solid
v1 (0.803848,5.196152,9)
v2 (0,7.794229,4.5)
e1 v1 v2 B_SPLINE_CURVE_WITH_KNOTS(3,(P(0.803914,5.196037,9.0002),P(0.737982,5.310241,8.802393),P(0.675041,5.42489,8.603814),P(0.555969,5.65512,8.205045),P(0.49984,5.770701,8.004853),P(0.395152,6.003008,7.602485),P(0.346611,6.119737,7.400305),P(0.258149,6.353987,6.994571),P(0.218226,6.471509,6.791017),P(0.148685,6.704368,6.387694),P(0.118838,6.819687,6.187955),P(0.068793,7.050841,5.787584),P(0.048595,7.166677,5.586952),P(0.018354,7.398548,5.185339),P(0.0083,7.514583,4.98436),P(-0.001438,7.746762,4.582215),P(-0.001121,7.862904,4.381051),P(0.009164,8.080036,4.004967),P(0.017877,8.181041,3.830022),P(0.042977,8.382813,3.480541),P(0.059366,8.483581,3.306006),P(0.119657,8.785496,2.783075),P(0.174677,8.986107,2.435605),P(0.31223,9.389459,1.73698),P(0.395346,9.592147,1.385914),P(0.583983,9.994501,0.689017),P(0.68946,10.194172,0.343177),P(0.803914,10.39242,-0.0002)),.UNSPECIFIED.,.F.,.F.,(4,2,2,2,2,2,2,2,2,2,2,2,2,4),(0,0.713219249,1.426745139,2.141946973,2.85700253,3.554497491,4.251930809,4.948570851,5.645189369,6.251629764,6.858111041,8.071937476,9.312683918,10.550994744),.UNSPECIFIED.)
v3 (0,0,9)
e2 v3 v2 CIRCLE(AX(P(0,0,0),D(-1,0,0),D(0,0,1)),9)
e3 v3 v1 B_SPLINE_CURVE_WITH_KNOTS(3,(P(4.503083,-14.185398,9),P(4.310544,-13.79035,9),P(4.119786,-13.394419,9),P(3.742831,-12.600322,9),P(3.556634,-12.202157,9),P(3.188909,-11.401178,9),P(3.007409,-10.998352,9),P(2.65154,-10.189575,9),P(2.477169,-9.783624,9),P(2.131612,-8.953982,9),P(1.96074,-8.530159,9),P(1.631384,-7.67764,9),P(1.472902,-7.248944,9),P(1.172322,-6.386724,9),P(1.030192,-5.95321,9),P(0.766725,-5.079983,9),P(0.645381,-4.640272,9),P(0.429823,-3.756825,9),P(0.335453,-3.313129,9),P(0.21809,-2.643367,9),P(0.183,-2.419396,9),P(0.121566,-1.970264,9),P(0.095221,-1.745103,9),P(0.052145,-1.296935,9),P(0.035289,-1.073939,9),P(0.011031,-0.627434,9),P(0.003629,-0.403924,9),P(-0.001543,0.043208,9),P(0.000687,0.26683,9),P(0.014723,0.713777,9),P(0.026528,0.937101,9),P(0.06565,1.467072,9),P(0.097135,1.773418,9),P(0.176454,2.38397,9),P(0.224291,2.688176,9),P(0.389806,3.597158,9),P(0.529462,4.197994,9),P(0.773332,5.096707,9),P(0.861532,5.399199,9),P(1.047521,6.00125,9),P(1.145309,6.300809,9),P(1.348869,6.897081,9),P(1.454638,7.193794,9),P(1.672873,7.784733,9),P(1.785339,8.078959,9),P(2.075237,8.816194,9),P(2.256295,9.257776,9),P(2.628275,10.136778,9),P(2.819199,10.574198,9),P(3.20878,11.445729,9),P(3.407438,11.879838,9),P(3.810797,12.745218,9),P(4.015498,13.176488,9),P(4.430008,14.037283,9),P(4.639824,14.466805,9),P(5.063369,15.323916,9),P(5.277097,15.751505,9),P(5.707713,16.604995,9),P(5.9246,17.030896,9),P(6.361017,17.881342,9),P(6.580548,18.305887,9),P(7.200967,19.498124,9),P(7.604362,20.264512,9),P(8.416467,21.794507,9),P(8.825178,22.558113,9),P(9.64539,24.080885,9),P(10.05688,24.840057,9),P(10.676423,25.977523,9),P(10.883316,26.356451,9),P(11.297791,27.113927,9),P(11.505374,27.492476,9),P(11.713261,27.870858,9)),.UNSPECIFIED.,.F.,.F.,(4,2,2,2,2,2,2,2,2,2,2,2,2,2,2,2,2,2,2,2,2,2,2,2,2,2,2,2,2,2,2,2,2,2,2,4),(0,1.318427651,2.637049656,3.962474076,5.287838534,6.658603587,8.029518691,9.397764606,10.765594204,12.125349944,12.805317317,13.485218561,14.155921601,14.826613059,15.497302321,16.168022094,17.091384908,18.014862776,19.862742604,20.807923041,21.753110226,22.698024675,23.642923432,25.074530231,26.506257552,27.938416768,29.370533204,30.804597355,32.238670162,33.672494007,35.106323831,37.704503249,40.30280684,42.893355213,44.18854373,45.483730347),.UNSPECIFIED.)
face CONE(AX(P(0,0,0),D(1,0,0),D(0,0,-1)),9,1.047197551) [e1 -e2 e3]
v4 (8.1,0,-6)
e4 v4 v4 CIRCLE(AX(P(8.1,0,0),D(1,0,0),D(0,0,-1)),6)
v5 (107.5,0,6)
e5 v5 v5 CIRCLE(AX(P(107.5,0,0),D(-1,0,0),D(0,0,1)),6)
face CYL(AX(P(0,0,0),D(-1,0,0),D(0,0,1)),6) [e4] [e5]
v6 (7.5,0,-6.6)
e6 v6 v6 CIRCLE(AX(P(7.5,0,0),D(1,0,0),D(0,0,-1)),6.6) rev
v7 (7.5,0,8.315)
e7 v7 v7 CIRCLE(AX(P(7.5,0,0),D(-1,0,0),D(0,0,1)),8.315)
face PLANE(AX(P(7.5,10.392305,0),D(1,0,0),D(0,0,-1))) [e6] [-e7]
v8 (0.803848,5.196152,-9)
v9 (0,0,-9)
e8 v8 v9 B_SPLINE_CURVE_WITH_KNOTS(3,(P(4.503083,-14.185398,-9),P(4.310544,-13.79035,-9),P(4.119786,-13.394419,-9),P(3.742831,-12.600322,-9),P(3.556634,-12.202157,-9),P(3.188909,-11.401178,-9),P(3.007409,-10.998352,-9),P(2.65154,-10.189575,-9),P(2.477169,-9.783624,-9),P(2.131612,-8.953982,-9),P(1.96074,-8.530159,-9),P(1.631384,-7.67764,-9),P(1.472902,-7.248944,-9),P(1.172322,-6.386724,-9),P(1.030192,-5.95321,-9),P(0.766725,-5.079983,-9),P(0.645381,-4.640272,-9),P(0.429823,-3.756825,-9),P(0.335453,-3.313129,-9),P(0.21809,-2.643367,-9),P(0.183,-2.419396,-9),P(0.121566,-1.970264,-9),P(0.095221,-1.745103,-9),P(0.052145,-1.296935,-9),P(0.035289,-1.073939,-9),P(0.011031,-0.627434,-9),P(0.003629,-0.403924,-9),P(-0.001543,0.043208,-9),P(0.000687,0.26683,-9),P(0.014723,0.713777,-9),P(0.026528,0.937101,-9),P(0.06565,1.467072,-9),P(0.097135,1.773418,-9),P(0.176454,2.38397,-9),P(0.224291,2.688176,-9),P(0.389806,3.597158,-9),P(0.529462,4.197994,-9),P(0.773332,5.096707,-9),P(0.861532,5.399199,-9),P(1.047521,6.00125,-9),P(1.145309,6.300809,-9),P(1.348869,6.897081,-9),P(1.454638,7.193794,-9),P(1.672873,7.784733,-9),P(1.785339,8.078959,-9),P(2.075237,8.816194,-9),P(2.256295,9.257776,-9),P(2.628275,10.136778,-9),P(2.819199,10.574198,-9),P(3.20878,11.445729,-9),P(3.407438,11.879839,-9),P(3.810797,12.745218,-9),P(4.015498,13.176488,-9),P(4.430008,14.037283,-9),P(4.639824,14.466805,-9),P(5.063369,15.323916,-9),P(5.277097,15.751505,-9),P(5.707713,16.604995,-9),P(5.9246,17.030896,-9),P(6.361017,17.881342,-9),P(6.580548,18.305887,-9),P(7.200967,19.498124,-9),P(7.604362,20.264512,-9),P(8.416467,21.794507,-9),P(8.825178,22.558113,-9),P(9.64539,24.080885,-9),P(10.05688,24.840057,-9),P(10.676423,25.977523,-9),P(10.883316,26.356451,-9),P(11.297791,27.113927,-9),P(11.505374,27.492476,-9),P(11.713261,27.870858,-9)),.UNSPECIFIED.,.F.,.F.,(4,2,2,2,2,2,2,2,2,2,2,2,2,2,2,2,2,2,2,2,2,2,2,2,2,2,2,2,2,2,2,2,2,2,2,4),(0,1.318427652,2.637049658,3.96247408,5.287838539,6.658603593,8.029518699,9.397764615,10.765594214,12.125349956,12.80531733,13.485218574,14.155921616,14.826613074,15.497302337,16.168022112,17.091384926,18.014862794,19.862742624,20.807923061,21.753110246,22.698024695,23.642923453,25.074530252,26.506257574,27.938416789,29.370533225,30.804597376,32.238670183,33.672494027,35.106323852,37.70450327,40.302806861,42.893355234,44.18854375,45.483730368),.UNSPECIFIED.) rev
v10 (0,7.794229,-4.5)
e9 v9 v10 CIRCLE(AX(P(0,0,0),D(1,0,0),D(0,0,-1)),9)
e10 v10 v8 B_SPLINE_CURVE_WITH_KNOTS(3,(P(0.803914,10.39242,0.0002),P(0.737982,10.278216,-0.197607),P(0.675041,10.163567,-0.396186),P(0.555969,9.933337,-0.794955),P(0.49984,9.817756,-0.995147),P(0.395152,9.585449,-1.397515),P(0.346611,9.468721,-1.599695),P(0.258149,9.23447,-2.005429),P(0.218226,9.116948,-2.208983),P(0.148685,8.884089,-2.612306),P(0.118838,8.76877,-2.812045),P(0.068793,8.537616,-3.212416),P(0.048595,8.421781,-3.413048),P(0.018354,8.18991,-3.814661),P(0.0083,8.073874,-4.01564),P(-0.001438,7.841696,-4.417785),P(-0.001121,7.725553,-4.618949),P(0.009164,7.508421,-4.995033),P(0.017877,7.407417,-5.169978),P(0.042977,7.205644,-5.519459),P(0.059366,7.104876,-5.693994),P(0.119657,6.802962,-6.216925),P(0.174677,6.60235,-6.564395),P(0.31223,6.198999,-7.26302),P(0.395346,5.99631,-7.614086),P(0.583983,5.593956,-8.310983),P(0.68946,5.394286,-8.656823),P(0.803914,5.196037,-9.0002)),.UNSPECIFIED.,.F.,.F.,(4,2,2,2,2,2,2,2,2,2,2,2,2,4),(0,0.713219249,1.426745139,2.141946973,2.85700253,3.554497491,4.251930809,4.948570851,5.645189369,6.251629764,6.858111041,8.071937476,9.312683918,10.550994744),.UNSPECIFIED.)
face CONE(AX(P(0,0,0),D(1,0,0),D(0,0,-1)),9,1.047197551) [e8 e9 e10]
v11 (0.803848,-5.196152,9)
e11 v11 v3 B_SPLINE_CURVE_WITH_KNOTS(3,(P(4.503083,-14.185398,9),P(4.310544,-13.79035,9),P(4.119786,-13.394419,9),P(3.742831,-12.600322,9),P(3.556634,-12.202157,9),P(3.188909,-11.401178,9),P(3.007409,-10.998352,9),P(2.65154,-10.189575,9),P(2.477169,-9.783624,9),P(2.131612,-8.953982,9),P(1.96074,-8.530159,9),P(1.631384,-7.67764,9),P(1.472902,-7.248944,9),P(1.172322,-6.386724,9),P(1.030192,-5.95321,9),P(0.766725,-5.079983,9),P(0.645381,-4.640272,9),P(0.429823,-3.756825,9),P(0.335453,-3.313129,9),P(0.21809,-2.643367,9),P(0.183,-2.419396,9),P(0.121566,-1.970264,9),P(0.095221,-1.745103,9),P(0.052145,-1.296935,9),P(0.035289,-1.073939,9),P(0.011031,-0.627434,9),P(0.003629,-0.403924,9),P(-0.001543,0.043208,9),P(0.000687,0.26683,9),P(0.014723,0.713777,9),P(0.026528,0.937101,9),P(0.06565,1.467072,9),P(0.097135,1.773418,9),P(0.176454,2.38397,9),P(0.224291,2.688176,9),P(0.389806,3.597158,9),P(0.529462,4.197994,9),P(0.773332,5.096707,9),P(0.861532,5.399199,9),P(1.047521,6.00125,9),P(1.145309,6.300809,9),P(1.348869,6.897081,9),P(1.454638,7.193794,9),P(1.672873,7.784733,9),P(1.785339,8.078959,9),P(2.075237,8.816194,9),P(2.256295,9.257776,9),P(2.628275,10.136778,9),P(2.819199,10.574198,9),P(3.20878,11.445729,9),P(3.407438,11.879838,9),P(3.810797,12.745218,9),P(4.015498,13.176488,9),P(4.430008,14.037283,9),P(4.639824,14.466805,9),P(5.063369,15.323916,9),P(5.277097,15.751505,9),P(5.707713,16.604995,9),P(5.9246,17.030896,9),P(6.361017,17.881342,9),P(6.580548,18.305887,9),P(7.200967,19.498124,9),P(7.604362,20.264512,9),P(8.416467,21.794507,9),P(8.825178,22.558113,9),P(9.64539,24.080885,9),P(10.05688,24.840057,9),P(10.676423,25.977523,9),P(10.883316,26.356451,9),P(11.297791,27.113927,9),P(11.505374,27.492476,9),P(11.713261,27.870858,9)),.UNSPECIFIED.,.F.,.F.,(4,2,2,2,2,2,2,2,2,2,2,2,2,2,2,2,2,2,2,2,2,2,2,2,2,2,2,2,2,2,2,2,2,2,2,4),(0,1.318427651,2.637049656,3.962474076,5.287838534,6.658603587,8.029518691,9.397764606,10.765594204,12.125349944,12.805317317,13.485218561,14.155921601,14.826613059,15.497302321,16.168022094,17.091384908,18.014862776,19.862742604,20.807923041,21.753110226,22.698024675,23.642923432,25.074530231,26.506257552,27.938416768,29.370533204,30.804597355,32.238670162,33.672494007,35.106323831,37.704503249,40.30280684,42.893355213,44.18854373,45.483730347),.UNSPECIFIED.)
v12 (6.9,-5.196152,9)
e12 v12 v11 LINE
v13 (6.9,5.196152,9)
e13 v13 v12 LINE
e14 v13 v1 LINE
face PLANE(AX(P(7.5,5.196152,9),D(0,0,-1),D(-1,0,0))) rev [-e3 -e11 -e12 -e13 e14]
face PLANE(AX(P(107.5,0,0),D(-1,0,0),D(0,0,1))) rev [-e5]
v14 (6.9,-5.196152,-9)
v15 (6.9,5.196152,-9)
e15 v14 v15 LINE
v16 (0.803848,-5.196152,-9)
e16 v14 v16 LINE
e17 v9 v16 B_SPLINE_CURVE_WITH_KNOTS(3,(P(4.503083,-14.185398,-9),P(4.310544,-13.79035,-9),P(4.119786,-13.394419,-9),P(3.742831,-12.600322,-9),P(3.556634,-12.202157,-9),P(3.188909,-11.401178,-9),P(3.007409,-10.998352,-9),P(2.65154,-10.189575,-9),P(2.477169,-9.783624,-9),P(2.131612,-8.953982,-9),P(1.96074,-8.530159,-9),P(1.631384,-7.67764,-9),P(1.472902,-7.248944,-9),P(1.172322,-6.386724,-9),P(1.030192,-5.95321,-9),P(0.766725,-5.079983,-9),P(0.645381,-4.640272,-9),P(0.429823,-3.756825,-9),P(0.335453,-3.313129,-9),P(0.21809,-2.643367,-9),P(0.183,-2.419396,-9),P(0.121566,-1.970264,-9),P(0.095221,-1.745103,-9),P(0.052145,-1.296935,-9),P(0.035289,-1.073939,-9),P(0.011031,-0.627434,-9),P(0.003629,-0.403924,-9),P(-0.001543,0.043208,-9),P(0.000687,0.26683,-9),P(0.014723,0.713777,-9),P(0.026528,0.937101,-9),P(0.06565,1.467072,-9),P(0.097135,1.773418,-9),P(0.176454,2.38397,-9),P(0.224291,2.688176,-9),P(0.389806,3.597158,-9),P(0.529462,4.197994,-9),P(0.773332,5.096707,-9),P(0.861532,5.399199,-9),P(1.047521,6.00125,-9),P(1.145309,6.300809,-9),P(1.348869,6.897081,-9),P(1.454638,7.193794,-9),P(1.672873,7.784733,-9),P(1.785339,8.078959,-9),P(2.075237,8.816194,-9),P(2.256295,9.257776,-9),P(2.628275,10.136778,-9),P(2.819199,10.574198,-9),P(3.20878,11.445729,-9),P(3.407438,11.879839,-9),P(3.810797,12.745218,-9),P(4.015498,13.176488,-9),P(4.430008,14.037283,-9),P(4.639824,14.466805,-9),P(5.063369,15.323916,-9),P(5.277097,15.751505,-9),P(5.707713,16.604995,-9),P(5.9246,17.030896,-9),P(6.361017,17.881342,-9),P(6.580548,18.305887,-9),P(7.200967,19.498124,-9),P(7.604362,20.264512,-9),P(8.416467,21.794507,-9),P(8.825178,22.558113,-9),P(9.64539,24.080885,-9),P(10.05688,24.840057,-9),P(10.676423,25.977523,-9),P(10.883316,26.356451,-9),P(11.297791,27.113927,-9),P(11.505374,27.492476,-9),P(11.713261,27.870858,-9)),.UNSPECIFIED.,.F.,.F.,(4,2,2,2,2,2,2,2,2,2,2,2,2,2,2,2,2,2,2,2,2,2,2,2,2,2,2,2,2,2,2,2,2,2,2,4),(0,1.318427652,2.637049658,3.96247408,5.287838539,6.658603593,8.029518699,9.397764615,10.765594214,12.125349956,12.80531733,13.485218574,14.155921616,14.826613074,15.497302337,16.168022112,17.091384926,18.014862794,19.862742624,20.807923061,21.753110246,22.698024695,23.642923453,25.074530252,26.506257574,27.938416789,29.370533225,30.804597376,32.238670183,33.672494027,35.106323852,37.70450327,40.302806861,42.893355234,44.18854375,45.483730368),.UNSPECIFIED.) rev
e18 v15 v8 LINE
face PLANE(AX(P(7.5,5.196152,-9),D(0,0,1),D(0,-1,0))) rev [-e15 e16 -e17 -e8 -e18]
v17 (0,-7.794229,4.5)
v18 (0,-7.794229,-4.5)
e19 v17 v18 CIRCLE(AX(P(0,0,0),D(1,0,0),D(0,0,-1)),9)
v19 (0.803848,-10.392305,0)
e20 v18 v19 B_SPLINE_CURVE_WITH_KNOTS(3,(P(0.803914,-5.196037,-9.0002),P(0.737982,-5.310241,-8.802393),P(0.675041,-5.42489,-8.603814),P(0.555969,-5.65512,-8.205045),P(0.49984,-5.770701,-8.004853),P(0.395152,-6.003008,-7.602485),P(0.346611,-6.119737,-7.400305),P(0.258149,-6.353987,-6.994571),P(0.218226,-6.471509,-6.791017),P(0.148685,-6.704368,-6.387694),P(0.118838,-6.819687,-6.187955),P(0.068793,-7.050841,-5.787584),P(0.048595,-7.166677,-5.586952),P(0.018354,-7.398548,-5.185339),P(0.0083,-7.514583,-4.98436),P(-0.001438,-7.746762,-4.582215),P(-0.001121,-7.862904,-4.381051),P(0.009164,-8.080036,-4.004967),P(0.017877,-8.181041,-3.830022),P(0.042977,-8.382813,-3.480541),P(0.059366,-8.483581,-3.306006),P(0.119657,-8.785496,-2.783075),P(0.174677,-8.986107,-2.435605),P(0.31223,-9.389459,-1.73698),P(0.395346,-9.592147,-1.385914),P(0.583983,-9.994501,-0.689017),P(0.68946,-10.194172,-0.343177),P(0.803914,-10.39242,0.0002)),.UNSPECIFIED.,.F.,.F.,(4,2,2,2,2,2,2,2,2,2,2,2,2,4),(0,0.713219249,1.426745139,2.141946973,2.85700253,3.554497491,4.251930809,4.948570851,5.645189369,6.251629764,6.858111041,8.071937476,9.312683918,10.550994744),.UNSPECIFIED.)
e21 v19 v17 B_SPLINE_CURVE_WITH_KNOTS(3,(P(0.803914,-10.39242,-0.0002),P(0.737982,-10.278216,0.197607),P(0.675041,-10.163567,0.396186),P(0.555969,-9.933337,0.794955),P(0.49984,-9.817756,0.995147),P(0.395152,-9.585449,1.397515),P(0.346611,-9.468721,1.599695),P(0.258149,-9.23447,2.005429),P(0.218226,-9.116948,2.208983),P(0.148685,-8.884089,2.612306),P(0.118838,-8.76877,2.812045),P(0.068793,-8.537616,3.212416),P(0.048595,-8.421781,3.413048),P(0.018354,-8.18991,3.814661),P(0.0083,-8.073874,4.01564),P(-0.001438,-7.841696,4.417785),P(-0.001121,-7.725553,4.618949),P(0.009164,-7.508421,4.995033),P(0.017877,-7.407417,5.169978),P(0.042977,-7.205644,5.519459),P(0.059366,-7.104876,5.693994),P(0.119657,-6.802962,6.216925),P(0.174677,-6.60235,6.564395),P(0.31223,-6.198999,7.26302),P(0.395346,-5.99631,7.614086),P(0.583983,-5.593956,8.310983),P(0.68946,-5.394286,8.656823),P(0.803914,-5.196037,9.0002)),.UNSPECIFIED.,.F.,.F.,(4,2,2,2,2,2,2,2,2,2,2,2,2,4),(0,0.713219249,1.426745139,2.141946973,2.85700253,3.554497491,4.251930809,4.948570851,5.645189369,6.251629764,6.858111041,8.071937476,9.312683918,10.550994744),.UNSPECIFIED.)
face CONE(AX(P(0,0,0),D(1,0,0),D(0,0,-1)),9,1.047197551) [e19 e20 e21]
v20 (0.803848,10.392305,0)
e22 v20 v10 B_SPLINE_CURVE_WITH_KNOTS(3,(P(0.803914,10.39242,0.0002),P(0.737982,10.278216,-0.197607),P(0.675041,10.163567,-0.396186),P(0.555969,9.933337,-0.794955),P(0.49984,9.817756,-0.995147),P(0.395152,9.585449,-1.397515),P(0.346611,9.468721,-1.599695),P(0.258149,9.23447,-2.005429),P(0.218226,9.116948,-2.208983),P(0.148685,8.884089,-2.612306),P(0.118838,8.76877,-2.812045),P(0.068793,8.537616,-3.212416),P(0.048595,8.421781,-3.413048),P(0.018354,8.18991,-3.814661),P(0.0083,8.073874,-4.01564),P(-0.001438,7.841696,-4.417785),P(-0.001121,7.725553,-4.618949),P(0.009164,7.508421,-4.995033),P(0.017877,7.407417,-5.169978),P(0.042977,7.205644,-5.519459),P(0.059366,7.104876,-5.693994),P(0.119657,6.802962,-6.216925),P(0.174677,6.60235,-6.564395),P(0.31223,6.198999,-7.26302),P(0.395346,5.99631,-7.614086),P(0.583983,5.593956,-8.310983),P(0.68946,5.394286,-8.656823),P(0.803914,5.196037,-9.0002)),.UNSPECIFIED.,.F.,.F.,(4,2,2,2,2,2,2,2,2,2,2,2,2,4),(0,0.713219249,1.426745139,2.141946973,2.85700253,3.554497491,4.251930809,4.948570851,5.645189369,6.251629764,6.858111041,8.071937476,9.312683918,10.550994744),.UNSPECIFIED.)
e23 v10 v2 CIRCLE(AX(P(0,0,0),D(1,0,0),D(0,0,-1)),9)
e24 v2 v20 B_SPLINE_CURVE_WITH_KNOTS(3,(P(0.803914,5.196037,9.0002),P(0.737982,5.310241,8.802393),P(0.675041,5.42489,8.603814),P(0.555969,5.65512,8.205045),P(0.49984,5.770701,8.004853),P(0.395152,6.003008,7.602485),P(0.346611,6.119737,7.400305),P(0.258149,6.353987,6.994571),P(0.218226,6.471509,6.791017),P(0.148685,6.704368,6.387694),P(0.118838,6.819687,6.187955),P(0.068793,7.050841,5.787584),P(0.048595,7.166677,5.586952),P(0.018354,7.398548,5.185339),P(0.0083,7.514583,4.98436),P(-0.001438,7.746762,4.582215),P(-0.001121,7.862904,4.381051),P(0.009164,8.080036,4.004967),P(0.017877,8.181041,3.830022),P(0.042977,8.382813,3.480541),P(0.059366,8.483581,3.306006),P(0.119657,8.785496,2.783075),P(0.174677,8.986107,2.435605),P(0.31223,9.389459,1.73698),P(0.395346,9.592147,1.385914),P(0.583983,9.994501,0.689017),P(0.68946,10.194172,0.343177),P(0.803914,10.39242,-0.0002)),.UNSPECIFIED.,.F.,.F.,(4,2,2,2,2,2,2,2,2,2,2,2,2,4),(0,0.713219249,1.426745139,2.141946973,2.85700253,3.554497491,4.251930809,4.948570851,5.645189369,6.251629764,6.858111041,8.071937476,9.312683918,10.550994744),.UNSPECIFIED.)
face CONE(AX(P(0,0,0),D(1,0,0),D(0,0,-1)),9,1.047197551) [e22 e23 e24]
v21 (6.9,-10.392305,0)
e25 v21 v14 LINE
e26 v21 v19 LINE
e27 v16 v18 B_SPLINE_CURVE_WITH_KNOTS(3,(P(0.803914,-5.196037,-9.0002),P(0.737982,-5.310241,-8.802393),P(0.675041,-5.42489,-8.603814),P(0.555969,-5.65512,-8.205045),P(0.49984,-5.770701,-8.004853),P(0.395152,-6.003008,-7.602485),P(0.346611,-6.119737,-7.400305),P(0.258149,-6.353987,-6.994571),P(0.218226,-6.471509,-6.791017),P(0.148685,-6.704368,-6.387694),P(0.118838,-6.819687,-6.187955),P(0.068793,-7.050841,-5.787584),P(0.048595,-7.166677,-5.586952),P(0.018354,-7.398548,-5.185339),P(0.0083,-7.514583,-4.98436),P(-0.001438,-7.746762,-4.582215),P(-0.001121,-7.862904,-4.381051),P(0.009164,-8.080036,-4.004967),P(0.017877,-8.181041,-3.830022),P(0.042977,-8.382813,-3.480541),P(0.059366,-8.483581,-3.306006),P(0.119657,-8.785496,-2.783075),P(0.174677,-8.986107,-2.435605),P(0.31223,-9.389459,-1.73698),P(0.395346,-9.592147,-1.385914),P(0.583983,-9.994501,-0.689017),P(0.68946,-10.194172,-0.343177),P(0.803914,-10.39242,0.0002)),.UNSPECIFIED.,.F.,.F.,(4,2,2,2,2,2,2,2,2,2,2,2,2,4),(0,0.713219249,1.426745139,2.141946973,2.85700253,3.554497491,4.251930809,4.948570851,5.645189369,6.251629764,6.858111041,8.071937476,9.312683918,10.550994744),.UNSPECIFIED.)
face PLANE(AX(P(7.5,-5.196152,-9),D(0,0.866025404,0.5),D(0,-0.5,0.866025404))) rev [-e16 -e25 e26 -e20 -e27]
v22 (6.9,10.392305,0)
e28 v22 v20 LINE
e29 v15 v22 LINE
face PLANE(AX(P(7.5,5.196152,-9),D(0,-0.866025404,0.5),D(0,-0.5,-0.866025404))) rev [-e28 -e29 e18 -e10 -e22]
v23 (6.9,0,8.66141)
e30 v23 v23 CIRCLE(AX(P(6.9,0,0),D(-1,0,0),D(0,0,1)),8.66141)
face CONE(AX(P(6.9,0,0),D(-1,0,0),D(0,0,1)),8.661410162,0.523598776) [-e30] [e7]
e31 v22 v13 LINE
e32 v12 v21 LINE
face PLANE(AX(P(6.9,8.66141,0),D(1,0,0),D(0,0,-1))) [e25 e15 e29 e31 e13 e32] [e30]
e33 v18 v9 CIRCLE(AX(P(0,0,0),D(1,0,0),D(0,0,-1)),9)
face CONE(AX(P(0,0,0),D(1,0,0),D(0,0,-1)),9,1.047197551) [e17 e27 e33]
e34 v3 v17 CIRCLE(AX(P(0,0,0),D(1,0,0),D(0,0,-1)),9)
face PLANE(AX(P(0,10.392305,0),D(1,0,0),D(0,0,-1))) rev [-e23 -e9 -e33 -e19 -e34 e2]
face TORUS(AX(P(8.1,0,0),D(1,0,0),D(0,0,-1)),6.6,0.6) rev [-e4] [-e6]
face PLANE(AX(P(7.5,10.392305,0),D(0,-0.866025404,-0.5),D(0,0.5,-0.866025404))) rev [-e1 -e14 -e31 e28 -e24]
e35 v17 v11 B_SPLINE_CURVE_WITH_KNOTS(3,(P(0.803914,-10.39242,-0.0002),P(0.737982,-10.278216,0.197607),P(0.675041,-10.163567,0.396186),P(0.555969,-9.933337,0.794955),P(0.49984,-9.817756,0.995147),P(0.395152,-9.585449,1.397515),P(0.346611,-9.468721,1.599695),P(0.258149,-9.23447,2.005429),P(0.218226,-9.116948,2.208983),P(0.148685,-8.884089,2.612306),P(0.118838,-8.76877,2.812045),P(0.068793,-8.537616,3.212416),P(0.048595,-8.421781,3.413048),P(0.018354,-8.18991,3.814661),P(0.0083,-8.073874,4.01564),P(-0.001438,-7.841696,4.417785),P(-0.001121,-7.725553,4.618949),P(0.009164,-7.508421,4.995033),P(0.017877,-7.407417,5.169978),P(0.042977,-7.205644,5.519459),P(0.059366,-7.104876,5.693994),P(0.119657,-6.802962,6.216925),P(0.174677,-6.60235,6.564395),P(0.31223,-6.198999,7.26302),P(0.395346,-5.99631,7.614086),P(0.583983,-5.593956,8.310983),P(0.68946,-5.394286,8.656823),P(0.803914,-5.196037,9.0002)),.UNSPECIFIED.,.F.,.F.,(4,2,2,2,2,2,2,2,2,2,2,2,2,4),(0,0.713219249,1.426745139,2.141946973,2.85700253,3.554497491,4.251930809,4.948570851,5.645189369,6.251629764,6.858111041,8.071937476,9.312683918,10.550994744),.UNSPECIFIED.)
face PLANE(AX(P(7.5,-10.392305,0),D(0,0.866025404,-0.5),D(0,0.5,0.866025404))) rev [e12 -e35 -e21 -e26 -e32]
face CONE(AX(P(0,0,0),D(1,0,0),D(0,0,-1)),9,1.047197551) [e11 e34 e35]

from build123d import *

# Parameters (mm, degrees)
EXTRUDE_382_DEPTH = 7.5
FILLET_1274_R     = 0.6


with BuildPart() as part:
    # 草图1 → Extrude 382 (new body)
    with BuildSketch(Plane(origin=(0, 0, 0), x_dir=(0, 0, -1), z_dir=(1, 0, 0))):
        Polygon((9, 5.196152423), (9, -5.196152423), (0, -10.392304845), (-9, -5.196152423), (-9, 5.196152423), (0, 10.392304845), align=None)
    extrude(amount=EXTRUDE_382_DEPTH)

    # 草图2 → 凸台-旋转1 (revolve)
    with BuildSketch(Plane.XY):
        Polygon((0, 0), (107.5, 0), (107.5, 4.4845), (107.5, 6), (77.5, 6), (0, 6), align=None)
    revolve(axis=Axis((0, 0, 0), (1, 0, 0)))

    # 草图3 → 切除-旋转1 (revolve, cut)
    with BuildSketch(Plane.XY):
        Polygon((0, 9), (3.690598923, 15.392304845), (3.690598923, 20.392304845), (-10, 20.392304845), (-10, 9), align=None)
    revolve(axis=Axis((0, 0, 0), (1, 0, 0)), mode=Mode.SUBTRACT)

    # 草图4 → 切除-旋转3 (revolve, cut)
    with BuildSketch(Plane.XY):
        Polygon((7.5, 8.315), (6.9, 8.661410162), (6.9, 10.392304845), (7.5, 10.392304845), align=None)
    revolve(axis=Axis((0, 0, 0), (1, 0, 0)), mode=Mode.SUBTRACT)

    # Fillet 1274
    fillet_1274_edges = [part.edges().sort_by_distance(p)[0] for p in [
        (7.5, -6, 0),
    ]]
    fillet(fillet_1274_edges, radius=FILLET_1274_R)


solid = part.part
